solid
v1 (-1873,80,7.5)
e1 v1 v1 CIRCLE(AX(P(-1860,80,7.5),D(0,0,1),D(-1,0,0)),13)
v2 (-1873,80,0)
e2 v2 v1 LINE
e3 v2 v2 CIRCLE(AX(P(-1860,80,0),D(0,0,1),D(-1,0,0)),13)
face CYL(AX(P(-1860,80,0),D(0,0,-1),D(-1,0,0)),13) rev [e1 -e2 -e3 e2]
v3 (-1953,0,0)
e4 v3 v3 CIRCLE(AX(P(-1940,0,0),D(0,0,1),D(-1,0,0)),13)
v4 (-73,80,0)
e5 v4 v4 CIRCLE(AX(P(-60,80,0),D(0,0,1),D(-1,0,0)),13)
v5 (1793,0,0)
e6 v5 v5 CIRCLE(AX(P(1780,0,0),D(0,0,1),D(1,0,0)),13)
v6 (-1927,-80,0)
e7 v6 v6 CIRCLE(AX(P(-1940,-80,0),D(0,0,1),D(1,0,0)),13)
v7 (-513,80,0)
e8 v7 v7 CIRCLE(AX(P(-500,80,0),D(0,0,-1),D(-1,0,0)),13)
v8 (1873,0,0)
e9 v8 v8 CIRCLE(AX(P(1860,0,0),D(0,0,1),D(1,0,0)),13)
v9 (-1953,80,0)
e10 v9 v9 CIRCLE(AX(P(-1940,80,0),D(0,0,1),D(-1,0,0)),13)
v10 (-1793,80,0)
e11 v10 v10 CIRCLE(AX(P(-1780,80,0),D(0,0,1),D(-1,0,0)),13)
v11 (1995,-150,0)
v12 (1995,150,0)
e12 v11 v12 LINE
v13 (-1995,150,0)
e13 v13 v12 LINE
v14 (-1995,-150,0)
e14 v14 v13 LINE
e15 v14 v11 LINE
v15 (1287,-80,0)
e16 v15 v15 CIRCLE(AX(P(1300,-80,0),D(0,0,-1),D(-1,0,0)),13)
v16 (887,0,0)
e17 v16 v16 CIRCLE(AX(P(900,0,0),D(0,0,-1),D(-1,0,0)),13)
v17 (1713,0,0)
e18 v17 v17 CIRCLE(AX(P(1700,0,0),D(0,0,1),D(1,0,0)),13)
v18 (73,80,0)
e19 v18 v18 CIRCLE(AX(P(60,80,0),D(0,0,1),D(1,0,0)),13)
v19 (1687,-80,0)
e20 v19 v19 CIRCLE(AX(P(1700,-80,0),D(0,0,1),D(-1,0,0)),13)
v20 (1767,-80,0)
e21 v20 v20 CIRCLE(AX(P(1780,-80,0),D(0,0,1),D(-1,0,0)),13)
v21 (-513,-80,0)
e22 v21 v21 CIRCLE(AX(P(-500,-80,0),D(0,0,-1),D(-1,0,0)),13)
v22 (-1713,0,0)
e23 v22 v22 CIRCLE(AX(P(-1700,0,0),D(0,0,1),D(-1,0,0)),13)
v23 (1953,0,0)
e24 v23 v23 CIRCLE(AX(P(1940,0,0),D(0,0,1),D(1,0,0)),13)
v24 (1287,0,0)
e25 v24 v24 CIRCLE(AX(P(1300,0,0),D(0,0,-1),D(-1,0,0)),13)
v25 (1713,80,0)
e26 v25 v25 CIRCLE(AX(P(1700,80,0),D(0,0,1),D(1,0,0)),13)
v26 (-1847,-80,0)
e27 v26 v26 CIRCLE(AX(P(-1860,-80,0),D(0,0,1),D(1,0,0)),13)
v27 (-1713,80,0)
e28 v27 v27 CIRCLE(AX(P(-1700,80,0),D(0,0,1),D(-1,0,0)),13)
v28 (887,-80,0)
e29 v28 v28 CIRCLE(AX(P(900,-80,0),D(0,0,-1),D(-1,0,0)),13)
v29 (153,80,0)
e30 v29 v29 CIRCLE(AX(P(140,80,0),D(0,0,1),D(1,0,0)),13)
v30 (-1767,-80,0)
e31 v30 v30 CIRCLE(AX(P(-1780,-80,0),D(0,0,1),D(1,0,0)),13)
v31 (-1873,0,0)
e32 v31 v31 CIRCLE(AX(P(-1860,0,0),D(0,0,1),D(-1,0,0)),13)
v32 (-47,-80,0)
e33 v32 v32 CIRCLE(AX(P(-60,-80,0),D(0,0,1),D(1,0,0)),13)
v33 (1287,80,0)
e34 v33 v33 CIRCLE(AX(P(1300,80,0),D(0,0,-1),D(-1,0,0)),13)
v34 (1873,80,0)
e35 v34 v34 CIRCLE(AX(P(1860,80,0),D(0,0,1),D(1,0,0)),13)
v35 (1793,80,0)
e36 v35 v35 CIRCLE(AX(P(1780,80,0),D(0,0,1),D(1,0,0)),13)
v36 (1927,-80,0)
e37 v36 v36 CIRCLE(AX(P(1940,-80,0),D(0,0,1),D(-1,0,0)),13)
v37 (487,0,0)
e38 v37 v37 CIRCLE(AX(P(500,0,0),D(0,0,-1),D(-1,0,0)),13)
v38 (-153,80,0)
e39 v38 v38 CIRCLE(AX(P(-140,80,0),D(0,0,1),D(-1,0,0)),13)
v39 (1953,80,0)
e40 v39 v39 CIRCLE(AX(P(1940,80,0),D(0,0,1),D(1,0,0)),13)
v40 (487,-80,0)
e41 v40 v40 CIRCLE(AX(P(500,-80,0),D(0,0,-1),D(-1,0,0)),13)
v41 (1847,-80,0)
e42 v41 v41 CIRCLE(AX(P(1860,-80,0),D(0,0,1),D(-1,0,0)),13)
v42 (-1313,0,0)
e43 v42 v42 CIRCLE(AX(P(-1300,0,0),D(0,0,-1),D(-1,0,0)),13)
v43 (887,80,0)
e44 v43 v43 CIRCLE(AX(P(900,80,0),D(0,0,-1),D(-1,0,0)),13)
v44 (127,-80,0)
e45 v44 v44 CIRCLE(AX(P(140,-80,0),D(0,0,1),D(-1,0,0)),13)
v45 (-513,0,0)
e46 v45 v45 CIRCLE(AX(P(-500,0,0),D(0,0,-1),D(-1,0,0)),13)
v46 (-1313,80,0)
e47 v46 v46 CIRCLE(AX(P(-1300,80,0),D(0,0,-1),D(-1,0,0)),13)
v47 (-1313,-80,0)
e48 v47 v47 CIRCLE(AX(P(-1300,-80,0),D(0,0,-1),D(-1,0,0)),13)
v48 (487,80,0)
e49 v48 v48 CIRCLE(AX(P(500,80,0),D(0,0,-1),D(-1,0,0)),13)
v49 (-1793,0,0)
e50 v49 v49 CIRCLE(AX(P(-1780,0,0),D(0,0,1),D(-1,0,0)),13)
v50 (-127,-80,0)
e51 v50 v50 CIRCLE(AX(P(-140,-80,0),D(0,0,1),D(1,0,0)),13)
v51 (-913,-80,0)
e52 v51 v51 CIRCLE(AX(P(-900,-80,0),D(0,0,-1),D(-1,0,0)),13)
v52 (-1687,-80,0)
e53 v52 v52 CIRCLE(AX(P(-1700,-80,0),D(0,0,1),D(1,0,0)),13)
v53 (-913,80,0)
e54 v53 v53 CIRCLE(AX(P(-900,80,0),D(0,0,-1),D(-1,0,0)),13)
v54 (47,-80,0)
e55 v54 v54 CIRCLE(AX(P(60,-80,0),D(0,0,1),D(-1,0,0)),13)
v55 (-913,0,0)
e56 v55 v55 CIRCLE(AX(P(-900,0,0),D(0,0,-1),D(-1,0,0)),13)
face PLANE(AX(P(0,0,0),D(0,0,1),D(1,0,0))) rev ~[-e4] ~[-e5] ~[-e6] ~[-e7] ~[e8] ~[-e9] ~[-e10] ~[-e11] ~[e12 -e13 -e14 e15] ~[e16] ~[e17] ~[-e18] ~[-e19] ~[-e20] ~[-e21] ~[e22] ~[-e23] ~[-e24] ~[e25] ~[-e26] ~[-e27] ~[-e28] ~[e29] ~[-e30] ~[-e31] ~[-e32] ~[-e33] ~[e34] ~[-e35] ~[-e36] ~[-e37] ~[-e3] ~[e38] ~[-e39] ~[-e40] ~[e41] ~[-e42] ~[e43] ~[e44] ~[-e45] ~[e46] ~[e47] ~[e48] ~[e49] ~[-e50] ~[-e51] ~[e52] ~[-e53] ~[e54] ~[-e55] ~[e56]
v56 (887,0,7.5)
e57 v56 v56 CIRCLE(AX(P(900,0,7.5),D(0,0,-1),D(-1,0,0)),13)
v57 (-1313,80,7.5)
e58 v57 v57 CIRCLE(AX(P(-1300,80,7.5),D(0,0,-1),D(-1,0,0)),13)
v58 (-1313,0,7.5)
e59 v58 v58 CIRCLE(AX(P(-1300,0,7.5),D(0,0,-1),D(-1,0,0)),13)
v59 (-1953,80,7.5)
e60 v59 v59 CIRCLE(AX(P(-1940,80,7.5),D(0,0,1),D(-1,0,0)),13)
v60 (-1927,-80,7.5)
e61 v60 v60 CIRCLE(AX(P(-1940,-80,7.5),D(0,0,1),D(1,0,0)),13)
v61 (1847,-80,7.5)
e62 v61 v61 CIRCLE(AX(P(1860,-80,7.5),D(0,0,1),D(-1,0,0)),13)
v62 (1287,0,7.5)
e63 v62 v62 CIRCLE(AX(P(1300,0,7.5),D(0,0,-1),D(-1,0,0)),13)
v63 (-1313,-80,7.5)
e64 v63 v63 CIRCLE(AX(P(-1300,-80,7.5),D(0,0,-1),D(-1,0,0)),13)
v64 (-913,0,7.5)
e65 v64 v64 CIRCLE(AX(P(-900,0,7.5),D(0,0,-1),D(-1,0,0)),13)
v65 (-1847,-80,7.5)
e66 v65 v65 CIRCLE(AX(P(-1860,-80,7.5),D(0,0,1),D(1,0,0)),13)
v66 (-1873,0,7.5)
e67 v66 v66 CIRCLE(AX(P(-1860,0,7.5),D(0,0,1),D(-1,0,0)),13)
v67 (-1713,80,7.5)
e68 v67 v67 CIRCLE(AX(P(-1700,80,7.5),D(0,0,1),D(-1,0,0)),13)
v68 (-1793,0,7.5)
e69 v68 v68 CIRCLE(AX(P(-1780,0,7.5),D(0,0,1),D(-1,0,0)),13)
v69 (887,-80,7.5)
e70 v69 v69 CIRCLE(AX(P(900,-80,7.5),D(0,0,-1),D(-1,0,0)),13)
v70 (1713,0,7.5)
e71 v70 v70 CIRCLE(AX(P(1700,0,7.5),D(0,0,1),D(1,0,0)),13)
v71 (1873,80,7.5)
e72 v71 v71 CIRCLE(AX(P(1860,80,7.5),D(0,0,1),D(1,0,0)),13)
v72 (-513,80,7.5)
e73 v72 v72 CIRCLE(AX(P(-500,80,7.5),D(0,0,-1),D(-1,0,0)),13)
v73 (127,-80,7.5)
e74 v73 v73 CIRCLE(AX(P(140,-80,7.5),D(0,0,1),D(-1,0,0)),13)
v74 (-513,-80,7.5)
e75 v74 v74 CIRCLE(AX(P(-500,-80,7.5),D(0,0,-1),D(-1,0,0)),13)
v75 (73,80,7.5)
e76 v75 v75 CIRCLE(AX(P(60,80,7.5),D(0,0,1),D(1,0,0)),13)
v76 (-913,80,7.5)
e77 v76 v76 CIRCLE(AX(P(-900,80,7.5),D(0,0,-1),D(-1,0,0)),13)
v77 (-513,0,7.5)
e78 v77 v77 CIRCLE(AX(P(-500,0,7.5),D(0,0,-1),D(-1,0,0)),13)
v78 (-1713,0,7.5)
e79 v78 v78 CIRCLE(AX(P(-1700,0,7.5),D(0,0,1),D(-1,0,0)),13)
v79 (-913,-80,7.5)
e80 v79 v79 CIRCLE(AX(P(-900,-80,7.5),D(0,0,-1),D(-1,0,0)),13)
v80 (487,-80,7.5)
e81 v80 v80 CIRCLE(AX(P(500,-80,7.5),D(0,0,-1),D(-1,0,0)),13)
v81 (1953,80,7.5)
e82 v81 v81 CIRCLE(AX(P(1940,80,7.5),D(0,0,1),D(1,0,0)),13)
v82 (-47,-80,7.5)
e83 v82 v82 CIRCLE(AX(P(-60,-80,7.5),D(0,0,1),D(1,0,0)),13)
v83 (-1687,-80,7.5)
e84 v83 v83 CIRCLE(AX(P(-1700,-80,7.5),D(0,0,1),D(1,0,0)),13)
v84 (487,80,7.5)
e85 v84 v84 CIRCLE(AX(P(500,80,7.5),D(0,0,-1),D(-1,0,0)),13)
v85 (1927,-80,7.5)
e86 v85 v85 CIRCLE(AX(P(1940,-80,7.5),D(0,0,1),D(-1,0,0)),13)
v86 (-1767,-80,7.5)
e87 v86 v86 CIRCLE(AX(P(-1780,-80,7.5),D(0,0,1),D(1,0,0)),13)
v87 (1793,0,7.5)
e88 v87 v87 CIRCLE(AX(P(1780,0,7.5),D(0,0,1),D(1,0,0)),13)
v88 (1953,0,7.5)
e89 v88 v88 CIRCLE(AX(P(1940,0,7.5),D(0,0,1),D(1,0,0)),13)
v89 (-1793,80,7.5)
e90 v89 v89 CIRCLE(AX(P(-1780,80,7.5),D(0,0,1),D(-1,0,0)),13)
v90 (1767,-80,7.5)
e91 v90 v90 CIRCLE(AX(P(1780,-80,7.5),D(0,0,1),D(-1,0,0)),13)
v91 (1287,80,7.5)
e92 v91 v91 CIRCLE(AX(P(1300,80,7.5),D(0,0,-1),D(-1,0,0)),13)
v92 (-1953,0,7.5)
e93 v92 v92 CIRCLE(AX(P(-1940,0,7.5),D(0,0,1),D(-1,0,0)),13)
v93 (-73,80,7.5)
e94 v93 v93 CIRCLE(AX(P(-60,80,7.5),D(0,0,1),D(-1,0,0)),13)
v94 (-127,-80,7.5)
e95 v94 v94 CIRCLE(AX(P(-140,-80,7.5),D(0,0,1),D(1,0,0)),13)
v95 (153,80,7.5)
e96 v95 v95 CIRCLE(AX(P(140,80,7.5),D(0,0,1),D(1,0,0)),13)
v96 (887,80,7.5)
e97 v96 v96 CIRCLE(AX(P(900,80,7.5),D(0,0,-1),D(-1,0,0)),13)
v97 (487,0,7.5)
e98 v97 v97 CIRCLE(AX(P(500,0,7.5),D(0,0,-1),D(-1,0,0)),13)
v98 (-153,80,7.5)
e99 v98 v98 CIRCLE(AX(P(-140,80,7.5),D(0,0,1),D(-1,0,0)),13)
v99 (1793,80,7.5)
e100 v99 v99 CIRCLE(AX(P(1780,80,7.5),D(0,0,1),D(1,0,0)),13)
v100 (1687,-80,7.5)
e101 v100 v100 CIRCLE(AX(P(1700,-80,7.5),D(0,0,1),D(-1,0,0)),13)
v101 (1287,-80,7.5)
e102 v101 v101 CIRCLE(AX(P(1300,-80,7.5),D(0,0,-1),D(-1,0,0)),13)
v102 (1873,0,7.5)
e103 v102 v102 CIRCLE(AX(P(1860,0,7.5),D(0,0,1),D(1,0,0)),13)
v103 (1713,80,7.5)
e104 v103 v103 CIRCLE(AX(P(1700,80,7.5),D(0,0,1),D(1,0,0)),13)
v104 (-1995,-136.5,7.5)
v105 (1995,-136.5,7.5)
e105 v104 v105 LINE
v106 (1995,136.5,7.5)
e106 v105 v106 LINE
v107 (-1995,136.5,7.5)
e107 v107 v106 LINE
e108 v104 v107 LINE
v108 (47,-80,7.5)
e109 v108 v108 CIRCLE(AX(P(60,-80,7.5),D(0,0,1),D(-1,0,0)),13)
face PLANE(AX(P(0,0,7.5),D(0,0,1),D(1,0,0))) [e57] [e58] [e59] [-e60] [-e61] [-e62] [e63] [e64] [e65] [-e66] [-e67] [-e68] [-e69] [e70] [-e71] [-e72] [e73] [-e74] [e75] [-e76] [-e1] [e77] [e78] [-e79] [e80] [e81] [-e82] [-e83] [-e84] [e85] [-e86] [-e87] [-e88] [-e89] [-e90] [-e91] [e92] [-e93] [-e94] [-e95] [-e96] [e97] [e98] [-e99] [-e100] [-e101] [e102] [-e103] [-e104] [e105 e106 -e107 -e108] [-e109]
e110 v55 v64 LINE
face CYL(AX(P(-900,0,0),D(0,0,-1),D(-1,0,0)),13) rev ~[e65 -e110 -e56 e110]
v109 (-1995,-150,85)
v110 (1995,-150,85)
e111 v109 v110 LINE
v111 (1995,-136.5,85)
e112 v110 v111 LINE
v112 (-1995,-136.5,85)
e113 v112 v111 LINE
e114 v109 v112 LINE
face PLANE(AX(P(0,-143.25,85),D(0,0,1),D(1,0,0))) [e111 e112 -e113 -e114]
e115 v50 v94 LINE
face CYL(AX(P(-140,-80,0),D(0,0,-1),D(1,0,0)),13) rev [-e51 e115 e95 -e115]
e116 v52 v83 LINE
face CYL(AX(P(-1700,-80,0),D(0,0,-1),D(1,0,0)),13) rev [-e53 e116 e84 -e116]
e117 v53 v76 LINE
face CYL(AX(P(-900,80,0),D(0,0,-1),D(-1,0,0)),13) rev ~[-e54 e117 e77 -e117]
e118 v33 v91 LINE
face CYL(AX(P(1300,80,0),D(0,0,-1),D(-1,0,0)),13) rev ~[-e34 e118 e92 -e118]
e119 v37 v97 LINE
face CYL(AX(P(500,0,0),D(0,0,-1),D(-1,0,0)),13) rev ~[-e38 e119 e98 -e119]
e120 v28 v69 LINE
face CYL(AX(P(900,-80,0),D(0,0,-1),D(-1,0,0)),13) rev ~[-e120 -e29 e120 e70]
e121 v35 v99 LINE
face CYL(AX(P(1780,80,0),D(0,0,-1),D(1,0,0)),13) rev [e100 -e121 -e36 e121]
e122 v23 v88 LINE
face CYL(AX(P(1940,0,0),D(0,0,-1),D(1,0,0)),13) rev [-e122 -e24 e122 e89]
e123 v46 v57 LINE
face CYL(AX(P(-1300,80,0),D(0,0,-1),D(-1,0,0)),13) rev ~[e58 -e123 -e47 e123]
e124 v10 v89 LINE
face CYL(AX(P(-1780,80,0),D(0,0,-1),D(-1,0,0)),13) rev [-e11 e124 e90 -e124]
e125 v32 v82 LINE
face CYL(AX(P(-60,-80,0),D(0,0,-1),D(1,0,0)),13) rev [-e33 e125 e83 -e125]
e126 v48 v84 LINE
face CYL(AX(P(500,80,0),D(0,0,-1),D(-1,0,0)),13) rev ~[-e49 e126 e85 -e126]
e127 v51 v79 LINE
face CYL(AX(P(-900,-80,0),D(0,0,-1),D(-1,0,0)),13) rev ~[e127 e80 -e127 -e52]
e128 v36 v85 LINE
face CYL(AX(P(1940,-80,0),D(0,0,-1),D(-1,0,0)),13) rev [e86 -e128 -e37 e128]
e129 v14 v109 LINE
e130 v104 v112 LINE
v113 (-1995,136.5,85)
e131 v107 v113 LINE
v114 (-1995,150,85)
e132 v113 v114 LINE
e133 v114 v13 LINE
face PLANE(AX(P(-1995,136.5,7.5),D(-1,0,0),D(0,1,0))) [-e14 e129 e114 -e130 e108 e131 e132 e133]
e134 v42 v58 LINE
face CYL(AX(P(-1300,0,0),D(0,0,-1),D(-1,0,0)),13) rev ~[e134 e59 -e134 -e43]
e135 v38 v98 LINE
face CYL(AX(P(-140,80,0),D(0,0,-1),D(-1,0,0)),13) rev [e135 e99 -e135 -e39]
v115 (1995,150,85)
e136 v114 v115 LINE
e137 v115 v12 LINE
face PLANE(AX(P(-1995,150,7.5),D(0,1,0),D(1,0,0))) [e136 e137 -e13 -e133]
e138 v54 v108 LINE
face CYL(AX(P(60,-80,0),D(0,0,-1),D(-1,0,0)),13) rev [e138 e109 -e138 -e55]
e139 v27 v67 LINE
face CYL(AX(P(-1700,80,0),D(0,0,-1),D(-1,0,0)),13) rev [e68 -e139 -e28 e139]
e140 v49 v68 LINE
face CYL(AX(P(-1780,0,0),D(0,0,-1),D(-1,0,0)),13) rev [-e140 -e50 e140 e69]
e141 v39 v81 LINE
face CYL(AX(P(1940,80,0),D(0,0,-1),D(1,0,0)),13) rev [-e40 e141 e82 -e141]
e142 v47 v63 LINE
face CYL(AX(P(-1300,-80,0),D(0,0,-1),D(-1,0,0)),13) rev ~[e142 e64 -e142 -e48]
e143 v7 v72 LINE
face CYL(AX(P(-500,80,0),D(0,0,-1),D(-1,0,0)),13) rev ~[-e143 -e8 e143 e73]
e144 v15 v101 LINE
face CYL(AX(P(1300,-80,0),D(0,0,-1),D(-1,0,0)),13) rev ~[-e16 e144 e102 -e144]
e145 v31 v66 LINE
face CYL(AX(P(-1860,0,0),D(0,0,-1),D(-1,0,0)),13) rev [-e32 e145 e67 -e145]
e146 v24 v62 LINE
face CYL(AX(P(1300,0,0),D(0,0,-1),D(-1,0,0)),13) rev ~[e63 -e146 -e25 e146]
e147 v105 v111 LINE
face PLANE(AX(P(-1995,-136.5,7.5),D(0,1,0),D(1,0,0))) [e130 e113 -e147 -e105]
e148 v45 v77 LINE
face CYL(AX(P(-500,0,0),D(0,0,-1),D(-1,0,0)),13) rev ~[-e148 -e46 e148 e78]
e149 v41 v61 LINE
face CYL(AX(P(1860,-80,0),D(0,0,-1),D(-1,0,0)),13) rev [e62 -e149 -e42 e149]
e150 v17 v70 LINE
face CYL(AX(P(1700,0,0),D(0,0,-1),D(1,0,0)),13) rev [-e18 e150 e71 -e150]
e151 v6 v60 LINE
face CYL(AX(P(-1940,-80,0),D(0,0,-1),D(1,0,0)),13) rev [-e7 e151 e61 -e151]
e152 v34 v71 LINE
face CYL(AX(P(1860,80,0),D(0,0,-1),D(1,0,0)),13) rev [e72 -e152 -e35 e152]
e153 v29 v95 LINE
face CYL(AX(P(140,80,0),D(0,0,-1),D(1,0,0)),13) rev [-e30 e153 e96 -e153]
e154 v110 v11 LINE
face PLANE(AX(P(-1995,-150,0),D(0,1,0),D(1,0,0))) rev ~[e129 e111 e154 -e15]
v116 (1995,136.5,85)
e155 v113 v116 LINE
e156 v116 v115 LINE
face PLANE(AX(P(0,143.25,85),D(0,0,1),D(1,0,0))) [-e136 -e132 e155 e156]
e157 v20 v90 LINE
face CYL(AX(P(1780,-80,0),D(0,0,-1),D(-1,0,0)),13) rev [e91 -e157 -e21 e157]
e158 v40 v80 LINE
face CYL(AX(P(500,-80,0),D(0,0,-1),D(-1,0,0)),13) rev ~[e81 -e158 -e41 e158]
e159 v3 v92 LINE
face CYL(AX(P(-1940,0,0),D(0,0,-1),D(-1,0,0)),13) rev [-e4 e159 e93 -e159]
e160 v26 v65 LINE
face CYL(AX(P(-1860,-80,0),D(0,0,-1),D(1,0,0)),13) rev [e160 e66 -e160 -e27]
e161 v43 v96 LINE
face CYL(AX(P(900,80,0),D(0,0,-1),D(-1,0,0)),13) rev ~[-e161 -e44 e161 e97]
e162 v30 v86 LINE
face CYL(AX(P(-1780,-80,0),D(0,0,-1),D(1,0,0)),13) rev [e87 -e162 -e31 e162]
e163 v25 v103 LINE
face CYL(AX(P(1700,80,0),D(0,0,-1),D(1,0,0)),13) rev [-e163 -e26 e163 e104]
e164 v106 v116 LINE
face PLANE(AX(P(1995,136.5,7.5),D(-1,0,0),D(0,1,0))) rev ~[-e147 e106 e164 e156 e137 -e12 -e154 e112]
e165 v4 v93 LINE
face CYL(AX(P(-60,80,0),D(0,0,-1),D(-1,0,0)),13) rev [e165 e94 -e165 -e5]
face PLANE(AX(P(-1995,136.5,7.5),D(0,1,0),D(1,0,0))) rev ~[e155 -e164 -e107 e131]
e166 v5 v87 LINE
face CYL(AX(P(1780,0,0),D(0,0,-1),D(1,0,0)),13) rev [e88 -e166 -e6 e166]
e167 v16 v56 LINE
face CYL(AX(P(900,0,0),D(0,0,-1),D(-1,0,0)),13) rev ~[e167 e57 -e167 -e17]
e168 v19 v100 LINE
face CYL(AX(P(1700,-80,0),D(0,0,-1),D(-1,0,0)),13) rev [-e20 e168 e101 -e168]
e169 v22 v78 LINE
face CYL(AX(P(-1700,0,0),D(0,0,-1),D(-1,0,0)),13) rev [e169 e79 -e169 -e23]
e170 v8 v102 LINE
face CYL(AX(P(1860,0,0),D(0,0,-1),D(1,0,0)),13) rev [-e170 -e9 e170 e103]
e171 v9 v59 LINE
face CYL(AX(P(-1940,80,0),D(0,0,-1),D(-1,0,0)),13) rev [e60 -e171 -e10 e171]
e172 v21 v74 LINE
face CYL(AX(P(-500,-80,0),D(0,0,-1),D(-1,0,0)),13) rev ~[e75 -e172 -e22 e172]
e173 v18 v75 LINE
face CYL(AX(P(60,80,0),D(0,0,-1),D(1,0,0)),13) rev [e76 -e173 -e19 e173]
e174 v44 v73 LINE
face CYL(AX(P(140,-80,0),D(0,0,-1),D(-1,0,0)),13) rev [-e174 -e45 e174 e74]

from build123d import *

# Parameters (mm, degrees)
SKETCH_1_W                       = 3990
SKETCH_1_H                       = 300
SKETCH_1_R                       = 13
EXTRUDE_704_DEPTH                = 7.5
SKETCH_2_W                       = 3990
SKETCH_2_H                       = 13.5
EXTRUDE_1_DEPTH                  = 77.5
SKETCH_3_R                       = 13
CUT_EXTRUDE_1_DEPTH              = 2003.436016456
PATTERN_LINEAR_1_COUNT           = 3
PATTERN_LINEAR_1_PITCH           = 400
PATTERN_LINEAR_2_COUNT           = 2
PATTERN_LINEAR_2_PITCH           = 1800
PATTERN_LINEAR_2_COPY_1_SKETCH_R = 13
PATTERN_LINEAR_2_COPY_1_DEPTH    = 2003.436016456
PATTERN_LINEAR_2_COPY_2_SKETCH_R = 13
PATTERN_LINEAR_2_COPY_2_DEPTH    = 2003.436016456


with BuildPart() as part:
    # 草图1 → Extrude 704 (new body)
    with BuildSketch(Plane.XY):
        Rectangle(SKETCH_1_W, SKETCH_1_H)
        with Locations((1940, 0)):
            Circle(SKETCH_1_R, mode=Mode.SUBTRACT)
        with Locations((1860, 0)):
            Circle(SKETCH_1_R, mode=Mode.SUBTRACT)
        with Locations((1780, 0)):
            Circle(SKETCH_1_R, mode=Mode.SUBTRACT)
        with Locations((1700, 0)):
            Circle(SKETCH_1_R, mode=Mode.SUBTRACT)
        with Locations((1700, 80)):
            Circle(SKETCH_1_R, mode=Mode.SUBTRACT)
        with Locations((1780, 80)):
            Circle(SKETCH_1_R, mode=Mode.SUBTRACT)
        with Locations((1860, 80)):
            Circle(SKETCH_1_R, mode=Mode.SUBTRACT)
        with Locations((1940, 80)):
            Circle(SKETCH_1_R, mode=Mode.SUBTRACT)
        with Locations(Location((1940, -80, 0), (0, 0, 180))):
            Circle(SKETCH_1_R, mode=Mode.SUBTRACT)
        with Locations(Location((1860, -80, 0), (0, 0, 180))):
            Circle(SKETCH_1_R, mode=Mode.SUBTRACT)
        with Locations(Location((1780, -80, 0), (0, 0, 180))):
            Circle(SKETCH_1_R, mode=Mode.SUBTRACT)
        with Locations(Location((1700, -80, 0), (0, 0, 180))):
            Circle(SKETCH_1_R, mode=Mode.SUBTRACT)
        with Locations((-1700, -80)):
            Circle(SKETCH_1_R, mode=Mode.SUBTRACT)
        with Locations((-1780, -80)):
            Circle(SKETCH_1_R, mode=Mode.SUBTRACT)
        with Locations((-1860, -80)):
            Circle(SKETCH_1_R, mode=Mode.SUBTRACT)
        with Locations((-1940, -80)):
            Circle(SKETCH_1_R, mode=Mode.SUBTRACT)
        with Locations(Location((-1940, 80, 0), (0, 0, 180))):
            Circle(SKETCH_1_R, mode=Mode.SUBTRACT)
        with Locations(Location((-1860, 80, 0), (0, 0, 180))):
            Circle(SKETCH_1_R, mode=Mode.SUBTRACT)
        with Locations(Location((-1780, 80, 0), (0, 0, 180))):
            Circle(SKETCH_1_R, mode=Mode.SUBTRACT)
        with Locations(Location((-1700, 80, 0), (0, 0, 180))):
            Circle(SKETCH_1_R, mode=Mode.SUBTRACT)
        with Locations(Location((-1700, 0, 0), (0, 0, 180))):
            Circle(SKETCH_1_R, mode=Mode.SUBTRACT)
        with Locations(Location((-1780, 0, 0), (0, 0, 180))):
            Circle(SKETCH_1_R, mode=Mode.SUBTRACT)
        with Locations(Location((-1860, 0, 0), (0, 0, 180))):
            Circle(SKETCH_1_R, mode=Mode.SUBTRACT)
        with Locations(Location((-1940, 0, 0), (0, 0, 180))):
            Circle(SKETCH_1_R, mode=Mode.SUBTRACT)
        with Locations((60, 80)):
            Circle(SKETCH_1_R, mode=Mode.SUBTRACT)
        with Locations((140, 80)):
            Circle(SKETCH_1_R, mode=Mode.SUBTRACT)
        with Locations(Location((140, -80, 0), (0, 0, 180))):
            Circle(SKETCH_1_R, mode=Mode.SUBTRACT)
        with Locations(Location((60, -80, 0), (0, 0, 180))):
            Circle(SKETCH_1_R, mode=Mode.SUBTRACT)
        with Locations((-60, -80)):
            Circle(SKETCH_1_R, mode=Mode.SUBTRACT)
        with Locations((-140, -80)):
            Circle(SKETCH_1_R, mode=Mode.SUBTRACT)
        with Locations(Location((-140, 80, 0), (0, 0, 180))):
            Circle(SKETCH_1_R, mode=Mode.SUBTRACT)
        with Locations(Location((-60, 80, 0), (0, 0, 180))):
            Circle(SKETCH_1_R, mode=Mode.SUBTRACT)
    extrude(amount=EXTRUDE_704_DEPTH)

    # 草图2 → 凸台-拉伸1 (add)
    with BuildSketch(Plane.XY.offset(7.5)):
        with Locations((0, 143.25)):
            Rectangle(SKETCH_2_W, SKETCH_2_H)
        with Locations((0, -143.25)):
            Rectangle(SKETCH_2_W, SKETCH_2_H)
    extrude(amount=EXTRUDE_1_DEPTH)

    # 草图3 → 切除-拉伸1 (cut, through all)
    with BuildSketch(Plane(origin=(0, 0, 0), x_dir=(-1, 0, 0), z_dir=(0, 0, -1))):
        with Locations((-1300, 80)):
            Circle(SKETCH_3_R)
        with Locations((-1300, 0)):
            Circle(SKETCH_3_R)
        with Locations((-1300, -80)):
            Circle(SKETCH_3_R)
    cut_extrude_1 = extrude(amount=-CUT_EXTRUDE_1_DEPTH, mode=Mode.SUBTRACT)

    # 阵列(线性)1: 切除-拉伸1 ×3
    with Locations(*[(-i * PATTERN_LINEAR_1_PITCH, 0, 0) for i in range(1, PATTERN_LINEAR_1_COUNT)]):
        add(cut_extrude_1, mode=Mode.SUBTRACT)

    # 阵列(线性)2: 切除-拉伸1 ×2
    with Locations(*[(-i * PATTERN_LINEAR_2_PITCH, 0, 0) for i in range(1, PATTERN_LINEAR_2_COUNT)]):
        add(cut_extrude_1, mode=Mode.SUBTRACT)

    # 阵列(线性)2 copy 1 sketch → 阵列(线性)2 copy 1 (cut, through all)
    with BuildSketch(Plane(origin=(-2200, 0, 0), x_dir=(-1, 0, 0), z_dir=(0, 0, -1))):
        with Locations((-1300, 80)):
            Circle(PATTERN_LINEAR_2_COPY_1_SKETCH_R)
        with Locations((-1300, 0)):
            Circle(PATTERN_LINEAR_2_COPY_1_SKETCH_R)
        with Locations((-1300, -80)):
            Circle(PATTERN_LINEAR_2_COPY_1_SKETCH_R)
    extrude(amount=-PATTERN_LINEAR_2_COPY_1_DEPTH, mode=Mode.SUBTRACT)

    # 阵列(线性)2 copy 2 sketch → 阵列(线性)2 copy 2 (cut, through all)
    with BuildSketch(Plane(origin=(-2600, 0, 0), x_dir=(-1, 0, 0), z_dir=(0, 0, -1))):
        with Locations((-1300, 80)):
            Circle(PATTERN_LINEAR_2_COPY_2_SKETCH_R)
        with Locations((-1300, 0)):
            Circle(PATTERN_LINEAR_2_COPY_2_SKETCH_R)
        with Locations((-1300, -80)):
            Circle(PATTERN_LINEAR_2_COPY_2_SKETCH_R)
    extrude(amount=-PATTERN_LINEAR_2_COPY_2_DEPTH, mode=Mode.SUBTRACT)


solid = part.part
